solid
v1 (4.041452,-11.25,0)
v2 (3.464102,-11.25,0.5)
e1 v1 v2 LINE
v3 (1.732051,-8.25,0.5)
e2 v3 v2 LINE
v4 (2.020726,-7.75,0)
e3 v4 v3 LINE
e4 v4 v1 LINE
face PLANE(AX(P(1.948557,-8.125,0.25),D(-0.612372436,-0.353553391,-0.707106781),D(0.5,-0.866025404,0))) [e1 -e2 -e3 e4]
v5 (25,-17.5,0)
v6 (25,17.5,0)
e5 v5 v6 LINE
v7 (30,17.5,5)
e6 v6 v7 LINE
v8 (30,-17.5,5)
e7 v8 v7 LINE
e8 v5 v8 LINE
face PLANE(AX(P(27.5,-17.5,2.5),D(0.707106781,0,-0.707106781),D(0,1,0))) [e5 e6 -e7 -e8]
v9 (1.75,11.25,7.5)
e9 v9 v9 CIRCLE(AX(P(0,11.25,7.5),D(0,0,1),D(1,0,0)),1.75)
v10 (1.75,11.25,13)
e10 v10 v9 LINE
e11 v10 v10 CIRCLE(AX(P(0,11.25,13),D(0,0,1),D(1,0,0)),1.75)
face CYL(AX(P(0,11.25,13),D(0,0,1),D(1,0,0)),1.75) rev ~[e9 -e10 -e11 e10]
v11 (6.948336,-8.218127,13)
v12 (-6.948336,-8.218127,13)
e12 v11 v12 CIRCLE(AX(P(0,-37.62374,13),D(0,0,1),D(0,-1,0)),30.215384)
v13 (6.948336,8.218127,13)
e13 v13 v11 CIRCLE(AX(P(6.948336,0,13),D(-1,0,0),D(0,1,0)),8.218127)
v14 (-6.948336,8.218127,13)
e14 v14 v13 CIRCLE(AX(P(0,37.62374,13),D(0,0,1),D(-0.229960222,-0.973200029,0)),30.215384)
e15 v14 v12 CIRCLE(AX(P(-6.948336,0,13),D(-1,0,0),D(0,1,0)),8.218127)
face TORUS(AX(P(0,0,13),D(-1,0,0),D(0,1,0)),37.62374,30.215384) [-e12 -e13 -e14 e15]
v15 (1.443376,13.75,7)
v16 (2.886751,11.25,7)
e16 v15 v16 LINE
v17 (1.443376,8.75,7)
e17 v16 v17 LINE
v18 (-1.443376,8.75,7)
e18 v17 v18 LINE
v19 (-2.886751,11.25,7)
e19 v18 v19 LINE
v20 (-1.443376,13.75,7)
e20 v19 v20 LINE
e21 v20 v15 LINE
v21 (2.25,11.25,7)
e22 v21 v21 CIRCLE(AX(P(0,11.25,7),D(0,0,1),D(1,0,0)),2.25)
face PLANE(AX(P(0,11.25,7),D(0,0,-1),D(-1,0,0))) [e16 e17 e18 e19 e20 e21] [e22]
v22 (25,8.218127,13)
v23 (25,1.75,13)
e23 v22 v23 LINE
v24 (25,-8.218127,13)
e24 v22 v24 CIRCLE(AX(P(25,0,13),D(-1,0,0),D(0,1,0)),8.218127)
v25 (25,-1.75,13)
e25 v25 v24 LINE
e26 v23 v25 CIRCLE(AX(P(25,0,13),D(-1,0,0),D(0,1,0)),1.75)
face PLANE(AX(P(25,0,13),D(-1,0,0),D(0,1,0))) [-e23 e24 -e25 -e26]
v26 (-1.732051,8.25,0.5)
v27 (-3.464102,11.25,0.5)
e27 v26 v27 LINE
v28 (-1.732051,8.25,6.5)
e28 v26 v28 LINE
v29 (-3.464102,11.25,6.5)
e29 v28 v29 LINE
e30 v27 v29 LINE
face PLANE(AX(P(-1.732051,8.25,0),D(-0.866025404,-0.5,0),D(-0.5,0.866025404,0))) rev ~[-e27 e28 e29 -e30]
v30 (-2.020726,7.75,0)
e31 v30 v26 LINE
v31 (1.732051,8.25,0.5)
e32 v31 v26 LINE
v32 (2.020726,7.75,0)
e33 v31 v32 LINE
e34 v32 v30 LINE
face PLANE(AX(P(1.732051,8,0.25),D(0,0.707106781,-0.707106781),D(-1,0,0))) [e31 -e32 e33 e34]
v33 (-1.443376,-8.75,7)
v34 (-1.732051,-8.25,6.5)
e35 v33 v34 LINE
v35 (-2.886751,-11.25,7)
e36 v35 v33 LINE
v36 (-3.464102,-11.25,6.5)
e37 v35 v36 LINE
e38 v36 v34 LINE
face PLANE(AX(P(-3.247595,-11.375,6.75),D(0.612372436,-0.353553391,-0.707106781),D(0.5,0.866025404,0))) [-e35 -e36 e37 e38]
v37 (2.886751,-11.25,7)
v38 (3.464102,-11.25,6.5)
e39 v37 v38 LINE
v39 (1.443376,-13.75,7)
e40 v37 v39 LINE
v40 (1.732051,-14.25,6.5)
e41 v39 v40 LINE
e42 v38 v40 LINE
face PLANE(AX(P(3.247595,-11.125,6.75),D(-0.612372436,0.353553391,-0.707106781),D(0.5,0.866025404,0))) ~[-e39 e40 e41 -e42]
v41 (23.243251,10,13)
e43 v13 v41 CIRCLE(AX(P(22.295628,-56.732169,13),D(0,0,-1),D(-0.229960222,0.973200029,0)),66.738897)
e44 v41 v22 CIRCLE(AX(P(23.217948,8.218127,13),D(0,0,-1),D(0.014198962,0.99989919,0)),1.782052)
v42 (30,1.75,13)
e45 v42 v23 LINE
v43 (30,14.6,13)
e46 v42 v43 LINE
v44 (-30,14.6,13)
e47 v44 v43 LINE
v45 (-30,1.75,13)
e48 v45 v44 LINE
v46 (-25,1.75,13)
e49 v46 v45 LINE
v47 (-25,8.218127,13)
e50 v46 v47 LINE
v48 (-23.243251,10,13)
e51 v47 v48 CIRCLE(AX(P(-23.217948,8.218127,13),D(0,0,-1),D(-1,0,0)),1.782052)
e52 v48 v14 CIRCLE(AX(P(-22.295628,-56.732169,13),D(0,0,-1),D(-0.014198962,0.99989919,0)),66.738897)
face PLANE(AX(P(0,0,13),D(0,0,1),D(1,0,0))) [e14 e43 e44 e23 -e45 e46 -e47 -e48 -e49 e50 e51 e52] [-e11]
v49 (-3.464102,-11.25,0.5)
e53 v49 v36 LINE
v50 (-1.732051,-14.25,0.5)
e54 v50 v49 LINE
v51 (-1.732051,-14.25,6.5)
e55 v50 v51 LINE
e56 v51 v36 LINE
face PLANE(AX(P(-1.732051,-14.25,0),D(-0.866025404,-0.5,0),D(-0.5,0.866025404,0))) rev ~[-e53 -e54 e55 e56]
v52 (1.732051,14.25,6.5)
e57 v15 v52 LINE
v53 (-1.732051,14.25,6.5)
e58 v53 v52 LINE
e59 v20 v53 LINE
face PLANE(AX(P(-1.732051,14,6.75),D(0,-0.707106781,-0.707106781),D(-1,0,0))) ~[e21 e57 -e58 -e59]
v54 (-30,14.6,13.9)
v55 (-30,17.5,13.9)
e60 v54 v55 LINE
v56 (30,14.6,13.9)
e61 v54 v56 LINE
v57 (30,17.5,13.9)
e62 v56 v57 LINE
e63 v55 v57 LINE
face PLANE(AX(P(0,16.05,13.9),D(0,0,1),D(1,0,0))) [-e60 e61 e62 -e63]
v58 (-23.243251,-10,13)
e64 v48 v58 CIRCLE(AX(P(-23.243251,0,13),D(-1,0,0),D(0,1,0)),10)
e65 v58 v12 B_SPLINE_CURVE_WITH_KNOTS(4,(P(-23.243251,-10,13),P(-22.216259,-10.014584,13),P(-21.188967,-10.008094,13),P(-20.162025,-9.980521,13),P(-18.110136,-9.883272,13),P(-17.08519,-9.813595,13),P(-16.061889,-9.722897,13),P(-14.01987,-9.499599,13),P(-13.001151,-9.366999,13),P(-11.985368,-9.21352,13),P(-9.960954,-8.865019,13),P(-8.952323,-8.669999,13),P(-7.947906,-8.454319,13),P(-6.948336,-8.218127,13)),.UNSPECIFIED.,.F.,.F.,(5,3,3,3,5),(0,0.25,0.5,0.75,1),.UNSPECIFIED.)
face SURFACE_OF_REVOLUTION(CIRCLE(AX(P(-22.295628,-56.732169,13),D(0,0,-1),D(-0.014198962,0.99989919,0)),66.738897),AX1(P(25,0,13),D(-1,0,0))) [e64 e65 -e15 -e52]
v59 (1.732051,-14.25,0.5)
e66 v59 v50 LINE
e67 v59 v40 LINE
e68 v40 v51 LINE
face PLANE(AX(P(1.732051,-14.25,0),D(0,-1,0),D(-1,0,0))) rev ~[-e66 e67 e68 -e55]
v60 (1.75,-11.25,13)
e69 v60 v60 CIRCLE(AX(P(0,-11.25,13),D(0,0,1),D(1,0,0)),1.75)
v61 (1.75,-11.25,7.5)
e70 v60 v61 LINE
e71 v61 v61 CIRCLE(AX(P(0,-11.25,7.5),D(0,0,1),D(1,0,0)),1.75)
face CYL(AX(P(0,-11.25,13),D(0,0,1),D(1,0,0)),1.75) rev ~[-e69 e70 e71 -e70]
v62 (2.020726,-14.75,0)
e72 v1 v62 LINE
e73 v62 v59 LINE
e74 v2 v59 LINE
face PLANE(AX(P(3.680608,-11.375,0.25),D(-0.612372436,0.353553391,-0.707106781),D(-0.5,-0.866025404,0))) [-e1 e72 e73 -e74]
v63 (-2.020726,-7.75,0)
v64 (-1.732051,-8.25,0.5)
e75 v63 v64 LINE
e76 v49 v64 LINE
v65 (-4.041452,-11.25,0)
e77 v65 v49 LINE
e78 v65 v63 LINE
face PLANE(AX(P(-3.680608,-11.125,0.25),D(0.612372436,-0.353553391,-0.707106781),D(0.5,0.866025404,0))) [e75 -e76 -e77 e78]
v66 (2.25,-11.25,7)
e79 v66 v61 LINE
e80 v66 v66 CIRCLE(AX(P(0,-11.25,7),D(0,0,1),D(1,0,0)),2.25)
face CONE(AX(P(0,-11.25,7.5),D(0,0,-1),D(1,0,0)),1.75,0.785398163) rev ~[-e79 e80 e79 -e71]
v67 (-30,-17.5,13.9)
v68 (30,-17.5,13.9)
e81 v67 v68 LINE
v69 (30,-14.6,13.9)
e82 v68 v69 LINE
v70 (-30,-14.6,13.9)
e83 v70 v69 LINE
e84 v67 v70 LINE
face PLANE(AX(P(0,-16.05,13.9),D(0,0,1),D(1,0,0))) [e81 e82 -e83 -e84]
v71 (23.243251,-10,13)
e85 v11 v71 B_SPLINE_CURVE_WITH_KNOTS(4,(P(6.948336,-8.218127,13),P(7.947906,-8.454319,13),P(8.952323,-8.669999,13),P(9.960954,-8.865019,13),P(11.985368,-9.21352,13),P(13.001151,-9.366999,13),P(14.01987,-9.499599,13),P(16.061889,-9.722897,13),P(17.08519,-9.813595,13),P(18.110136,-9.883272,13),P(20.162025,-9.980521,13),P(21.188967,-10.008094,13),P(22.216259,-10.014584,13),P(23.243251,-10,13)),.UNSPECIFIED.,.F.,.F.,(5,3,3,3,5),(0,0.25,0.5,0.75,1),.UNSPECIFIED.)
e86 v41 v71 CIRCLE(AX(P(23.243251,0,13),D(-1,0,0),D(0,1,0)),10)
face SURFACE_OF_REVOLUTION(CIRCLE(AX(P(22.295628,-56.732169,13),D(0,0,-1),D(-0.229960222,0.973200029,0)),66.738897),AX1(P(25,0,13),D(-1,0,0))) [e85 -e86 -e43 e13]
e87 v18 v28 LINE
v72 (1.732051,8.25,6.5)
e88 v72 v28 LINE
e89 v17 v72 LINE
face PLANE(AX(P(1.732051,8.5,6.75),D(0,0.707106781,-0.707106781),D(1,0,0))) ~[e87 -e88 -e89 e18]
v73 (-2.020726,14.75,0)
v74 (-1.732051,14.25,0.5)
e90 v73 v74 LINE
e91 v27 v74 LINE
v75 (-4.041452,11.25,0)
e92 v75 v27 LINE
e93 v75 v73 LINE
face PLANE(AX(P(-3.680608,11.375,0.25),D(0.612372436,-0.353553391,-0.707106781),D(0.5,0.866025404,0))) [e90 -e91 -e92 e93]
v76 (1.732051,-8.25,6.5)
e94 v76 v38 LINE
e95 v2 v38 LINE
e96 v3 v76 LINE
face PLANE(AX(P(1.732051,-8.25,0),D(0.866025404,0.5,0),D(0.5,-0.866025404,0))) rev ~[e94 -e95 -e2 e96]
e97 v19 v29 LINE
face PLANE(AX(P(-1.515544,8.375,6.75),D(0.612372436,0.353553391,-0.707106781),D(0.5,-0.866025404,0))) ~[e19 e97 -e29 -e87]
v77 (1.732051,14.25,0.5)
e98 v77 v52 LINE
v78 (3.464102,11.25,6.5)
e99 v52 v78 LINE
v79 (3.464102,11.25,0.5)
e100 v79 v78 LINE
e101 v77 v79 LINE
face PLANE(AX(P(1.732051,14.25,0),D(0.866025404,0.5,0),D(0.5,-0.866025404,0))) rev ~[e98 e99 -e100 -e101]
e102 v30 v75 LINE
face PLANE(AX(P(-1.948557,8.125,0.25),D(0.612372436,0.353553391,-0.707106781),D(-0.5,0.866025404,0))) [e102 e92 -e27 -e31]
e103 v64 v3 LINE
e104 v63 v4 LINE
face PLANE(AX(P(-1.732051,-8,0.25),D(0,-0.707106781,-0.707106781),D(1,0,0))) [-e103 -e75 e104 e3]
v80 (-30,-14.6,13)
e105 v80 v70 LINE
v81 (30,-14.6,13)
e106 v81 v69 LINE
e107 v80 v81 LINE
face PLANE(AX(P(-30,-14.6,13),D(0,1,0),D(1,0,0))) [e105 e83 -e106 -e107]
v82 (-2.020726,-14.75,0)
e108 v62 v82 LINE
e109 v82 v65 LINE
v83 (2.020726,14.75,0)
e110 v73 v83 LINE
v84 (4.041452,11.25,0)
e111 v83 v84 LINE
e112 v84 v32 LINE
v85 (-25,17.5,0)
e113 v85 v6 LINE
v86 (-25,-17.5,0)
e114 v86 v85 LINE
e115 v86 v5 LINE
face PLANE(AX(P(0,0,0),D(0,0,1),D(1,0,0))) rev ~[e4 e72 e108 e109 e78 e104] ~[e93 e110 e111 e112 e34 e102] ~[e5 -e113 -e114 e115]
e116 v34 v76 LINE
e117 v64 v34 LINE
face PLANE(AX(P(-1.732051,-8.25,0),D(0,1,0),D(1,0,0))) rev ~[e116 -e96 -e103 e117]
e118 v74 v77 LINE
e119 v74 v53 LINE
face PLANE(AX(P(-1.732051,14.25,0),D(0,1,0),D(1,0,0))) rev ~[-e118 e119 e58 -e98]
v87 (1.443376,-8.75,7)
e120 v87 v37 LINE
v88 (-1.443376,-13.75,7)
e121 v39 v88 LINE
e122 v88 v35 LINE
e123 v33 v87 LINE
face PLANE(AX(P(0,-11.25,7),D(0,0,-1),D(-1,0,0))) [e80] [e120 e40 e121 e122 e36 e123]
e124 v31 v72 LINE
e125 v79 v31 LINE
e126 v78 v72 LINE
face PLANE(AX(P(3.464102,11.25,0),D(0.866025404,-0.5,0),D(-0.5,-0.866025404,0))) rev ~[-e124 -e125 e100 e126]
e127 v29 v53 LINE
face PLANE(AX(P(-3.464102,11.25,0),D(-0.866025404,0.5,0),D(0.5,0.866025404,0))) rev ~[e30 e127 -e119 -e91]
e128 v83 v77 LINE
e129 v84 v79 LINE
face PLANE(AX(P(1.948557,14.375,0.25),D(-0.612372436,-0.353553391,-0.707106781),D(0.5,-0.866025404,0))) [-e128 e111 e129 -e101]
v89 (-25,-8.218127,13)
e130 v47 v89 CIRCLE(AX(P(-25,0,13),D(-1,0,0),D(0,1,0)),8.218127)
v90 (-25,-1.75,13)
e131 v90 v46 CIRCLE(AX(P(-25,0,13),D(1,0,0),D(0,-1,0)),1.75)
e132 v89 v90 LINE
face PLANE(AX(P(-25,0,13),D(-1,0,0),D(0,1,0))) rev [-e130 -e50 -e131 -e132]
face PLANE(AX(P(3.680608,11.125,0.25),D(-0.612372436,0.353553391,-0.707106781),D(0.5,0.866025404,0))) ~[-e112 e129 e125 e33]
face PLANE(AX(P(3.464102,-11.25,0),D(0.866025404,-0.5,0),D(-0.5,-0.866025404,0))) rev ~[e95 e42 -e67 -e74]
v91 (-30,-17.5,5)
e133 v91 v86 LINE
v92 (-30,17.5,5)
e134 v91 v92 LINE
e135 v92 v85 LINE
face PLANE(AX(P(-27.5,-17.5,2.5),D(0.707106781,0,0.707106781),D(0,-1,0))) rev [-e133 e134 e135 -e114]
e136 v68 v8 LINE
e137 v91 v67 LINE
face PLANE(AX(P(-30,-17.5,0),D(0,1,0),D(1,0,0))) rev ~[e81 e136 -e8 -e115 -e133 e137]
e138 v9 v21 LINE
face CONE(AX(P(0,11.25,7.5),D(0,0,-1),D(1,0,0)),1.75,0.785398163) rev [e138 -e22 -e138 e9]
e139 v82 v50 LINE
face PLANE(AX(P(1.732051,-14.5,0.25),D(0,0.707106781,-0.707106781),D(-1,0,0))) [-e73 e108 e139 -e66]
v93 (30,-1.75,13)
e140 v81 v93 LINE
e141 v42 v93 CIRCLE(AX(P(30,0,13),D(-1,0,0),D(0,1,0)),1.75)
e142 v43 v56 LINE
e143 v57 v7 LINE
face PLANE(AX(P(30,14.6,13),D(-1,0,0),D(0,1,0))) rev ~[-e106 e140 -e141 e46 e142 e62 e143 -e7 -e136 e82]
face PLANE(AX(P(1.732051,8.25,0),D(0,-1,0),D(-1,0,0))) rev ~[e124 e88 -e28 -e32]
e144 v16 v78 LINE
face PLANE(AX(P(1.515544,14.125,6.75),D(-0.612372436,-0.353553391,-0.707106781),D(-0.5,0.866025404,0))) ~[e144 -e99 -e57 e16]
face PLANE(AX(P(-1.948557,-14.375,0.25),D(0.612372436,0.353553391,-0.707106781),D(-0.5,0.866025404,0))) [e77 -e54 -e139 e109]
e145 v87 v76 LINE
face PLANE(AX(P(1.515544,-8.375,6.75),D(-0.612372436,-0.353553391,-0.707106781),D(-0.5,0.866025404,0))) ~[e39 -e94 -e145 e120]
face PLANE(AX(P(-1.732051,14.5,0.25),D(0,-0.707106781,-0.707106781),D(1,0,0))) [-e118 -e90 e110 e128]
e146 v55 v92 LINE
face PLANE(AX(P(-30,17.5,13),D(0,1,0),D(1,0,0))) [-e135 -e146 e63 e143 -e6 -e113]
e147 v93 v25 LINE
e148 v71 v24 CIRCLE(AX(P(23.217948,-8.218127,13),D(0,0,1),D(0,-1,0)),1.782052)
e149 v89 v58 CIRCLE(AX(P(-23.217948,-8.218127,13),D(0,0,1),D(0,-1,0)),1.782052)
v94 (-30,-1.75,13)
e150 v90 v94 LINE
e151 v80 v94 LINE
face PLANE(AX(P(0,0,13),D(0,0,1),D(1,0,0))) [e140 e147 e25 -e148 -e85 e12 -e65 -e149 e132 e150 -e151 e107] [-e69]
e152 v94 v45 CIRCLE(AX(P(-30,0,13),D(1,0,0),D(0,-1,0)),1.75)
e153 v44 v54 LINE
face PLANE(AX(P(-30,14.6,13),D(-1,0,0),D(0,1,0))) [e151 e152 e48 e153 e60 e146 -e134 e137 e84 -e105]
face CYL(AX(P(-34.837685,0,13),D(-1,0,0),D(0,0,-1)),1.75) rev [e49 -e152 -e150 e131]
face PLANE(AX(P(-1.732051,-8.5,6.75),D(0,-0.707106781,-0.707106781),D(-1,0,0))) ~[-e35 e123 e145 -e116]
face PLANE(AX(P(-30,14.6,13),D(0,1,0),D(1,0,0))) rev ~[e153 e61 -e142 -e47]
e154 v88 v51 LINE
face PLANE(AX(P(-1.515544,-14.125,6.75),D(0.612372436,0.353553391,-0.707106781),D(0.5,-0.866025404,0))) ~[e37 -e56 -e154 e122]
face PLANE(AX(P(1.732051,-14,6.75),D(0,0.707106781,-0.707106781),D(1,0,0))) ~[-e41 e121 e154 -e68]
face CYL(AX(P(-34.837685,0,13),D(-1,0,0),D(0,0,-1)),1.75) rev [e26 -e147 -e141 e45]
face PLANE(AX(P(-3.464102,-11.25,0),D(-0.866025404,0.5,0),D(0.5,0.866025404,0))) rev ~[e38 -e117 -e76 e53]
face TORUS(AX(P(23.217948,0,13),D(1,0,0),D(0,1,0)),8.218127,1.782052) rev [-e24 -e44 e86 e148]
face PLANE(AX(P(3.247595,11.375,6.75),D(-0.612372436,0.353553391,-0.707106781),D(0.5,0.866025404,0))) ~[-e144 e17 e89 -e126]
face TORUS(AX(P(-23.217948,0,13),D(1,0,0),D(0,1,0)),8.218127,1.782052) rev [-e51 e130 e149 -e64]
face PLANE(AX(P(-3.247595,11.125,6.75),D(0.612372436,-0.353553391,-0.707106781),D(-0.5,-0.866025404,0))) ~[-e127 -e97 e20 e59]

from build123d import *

# Parameters (mm, degrees)
SKETCH1_W               = 60
SKETCH1_H               = 35
BOSS_EXTRUDE1_DEPTH     = 13
CUT_EXTRUDE1_DEPTH      = 64.837684937
CUT_EXTRUDE1_DEPTH_BACK = 64.837684937
SKETCH3_R               = 1.75
SKETCH5_R               = 1.75
CUT_EXTRUDE3_DEPTH      = 38.08436341
CHAMFER1_SIZE           = 5
CUT_EXTRUDE4_DEPTH      = 7
SKETCH4_W               = 60
SKETCH4_H               = 2.9
BOSS_EXTRUDE2_DEPTH     = 0.9
CHAMFER2_SIZE           = 0.5


with BuildPart() as part:
    # Sketch1 → Boss-Extrude1 (new body)
    with BuildSketch(Plane.XY):
        Rectangle(SKETCH1_W, SKETCH1_H)
    extrude(amount=BOSS_EXTRUDE1_DEPTH)

    # Sketch2 → Cut-Revolve1 (revolve, cut)
    with BuildSketch(Plane.XY.offset(13)):
        with BuildLine():
            Line((-25, 0), (-25, 8.218127455))
            ThreePointArc((-25, 8.218127455), (-24.486963528, 9.469250598), (-23.243251097, 10))
            ThreePointArc((-23.243251097, 10), (-15.040879193, 9.611248064), (-6.94833646, 8.218127455))
            ThreePointArc((-6.94833646, 8.218127455), (0, 7.408356031), (6.94833646, 8.218127455))
            ThreePointArc((6.94833646, 8.218127455), (15.040879193, 9.611248064), (23.243251097, 10))
            ThreePointArc((23.243251097, 10), (24.486963528, 9.469250598), (25, 8.218127455))
            Line((25, 8.218127455), (25, 0))
            Line((25, 0), (-25, 0))
        make_face()
    revolve(axis=Axis((25, 0, 13), (-1, 0, 0)), mode=Mode.SUBTRACT)

    # Sketch3 → Cut-Extrude1 (cut, two sides: drawn at the far end of the back side and taken through both)
    with BuildSketch(Plane(origin=(30, 0, 0), x_dir=(0, 0, -1), z_dir=(1, 0, 0)).offset(-CUT_EXTRUDE1_DEPTH_BACK)):
        with Locations((-13, 0)):
            Circle(SKETCH3_R)
    extrude(amount=CUT_EXTRUDE1_DEPTH + CUT_EXTRUDE1_DEPTH_BACK, mode=Mode.SUBTRACT)

    # Sketch5 → Cut-Extrude3 (cut, through all)
    with BuildSketch(Plane.XY.offset(13)):
        with Locations((0, 11.25)):
            Circle(SKETCH5_R)
        with Locations((0, -11.25)):
            Circle(SKETCH5_R)
    extrude(amount=-CUT_EXTRUDE3_DEPTH, mode=Mode.SUBTRACT)

    # Chamfer1
    chamfer1_edges = [part.edges().sort_by_distance(p)[0] for p in [
        (-30, 0, 0),
        (30, 0, 0),
    ]]
    chamfer(chamfer1_edges, length=CHAMFER1_SIZE)

    # Sketch6 → Cut-Extrude4 (cut)
    with BuildSketch(Plane(origin=(0, 0, 0), x_dir=(-1, 0, 0), z_dir=(0, 0, -1))):
        Polygon((3.464101615, 11.25), (1.732050808, 14.25), (-1.732050808, 14.25), (-3.464101615, 11.25), (-1.732050808, 8.25), (1.732050808, 8.25), align=None)
        Polygon((3.464101615, -11.25), (1.732050808, -8.25), (-1.732050808, -8.25), (-3.464101615, -11.25), (-1.732050808, -14.25), (1.732050808, -14.25), align=None)
    extrude(amount=-CUT_EXTRUDE4_DEPTH, mode=Mode.SUBTRACT)

    # Sketch4 → Boss-Extrude2 (add)
    with BuildSketch(Plane.XY.offset(13)):
        with Locations((0, 16.05)):
            Rectangle(SKETCH4_W, SKETCH4_H)
        with Locations((0, -16.05)):
            Rectangle(SKETCH4_W, SKETCH4_H)
    extrude(amount=BOSS_EXTRUDE2_DEPTH)

    # Chamfer2
    chamfer2_edges = [part.edges().sort_by_distance(p)[0] for p in [
        (-2.598076211, 9.75, 0),
        (-2.598076211, 12.75, 0),
        (0, 14.25, 0),
        (2.598076211, 12.75, 0),
        (2.598076211, 9.75, 0),
        (0, 8.25, 0),
        (-2.598076211, 9.75, 7),
        (0, 8.25, 7),
        (2.598076211, 9.75, 7),
        (2.598076211, 12.75, 7),
        (0, 14.25, 7),
        (-2.598076211, 12.75, 7),
        (-1.75, 11.25, 7),
        (-2.598076211, -12.75, 0),
        (-2.598076211, -9.75, 0),
        (0, -8.25, 0),
        (2.598076211, -9.75, 0),
        (2.598076211, -12.75, 0),
        (0, -14.25, 0),
        (-2.598076211, -12.75, 7),
        (0, -14.25, 7),
        (2.598076211, -12.75, 7),
        (2.598076211, -9.75, 7),
        (0, -8.25, 7),
        (-2.598076211, -9.75, 7),
        (-1.75, -11.25, 7),
    ]]
    chamfer(chamfer2_edges, length=CHAMFER2_SIZE)


solid = part.part
